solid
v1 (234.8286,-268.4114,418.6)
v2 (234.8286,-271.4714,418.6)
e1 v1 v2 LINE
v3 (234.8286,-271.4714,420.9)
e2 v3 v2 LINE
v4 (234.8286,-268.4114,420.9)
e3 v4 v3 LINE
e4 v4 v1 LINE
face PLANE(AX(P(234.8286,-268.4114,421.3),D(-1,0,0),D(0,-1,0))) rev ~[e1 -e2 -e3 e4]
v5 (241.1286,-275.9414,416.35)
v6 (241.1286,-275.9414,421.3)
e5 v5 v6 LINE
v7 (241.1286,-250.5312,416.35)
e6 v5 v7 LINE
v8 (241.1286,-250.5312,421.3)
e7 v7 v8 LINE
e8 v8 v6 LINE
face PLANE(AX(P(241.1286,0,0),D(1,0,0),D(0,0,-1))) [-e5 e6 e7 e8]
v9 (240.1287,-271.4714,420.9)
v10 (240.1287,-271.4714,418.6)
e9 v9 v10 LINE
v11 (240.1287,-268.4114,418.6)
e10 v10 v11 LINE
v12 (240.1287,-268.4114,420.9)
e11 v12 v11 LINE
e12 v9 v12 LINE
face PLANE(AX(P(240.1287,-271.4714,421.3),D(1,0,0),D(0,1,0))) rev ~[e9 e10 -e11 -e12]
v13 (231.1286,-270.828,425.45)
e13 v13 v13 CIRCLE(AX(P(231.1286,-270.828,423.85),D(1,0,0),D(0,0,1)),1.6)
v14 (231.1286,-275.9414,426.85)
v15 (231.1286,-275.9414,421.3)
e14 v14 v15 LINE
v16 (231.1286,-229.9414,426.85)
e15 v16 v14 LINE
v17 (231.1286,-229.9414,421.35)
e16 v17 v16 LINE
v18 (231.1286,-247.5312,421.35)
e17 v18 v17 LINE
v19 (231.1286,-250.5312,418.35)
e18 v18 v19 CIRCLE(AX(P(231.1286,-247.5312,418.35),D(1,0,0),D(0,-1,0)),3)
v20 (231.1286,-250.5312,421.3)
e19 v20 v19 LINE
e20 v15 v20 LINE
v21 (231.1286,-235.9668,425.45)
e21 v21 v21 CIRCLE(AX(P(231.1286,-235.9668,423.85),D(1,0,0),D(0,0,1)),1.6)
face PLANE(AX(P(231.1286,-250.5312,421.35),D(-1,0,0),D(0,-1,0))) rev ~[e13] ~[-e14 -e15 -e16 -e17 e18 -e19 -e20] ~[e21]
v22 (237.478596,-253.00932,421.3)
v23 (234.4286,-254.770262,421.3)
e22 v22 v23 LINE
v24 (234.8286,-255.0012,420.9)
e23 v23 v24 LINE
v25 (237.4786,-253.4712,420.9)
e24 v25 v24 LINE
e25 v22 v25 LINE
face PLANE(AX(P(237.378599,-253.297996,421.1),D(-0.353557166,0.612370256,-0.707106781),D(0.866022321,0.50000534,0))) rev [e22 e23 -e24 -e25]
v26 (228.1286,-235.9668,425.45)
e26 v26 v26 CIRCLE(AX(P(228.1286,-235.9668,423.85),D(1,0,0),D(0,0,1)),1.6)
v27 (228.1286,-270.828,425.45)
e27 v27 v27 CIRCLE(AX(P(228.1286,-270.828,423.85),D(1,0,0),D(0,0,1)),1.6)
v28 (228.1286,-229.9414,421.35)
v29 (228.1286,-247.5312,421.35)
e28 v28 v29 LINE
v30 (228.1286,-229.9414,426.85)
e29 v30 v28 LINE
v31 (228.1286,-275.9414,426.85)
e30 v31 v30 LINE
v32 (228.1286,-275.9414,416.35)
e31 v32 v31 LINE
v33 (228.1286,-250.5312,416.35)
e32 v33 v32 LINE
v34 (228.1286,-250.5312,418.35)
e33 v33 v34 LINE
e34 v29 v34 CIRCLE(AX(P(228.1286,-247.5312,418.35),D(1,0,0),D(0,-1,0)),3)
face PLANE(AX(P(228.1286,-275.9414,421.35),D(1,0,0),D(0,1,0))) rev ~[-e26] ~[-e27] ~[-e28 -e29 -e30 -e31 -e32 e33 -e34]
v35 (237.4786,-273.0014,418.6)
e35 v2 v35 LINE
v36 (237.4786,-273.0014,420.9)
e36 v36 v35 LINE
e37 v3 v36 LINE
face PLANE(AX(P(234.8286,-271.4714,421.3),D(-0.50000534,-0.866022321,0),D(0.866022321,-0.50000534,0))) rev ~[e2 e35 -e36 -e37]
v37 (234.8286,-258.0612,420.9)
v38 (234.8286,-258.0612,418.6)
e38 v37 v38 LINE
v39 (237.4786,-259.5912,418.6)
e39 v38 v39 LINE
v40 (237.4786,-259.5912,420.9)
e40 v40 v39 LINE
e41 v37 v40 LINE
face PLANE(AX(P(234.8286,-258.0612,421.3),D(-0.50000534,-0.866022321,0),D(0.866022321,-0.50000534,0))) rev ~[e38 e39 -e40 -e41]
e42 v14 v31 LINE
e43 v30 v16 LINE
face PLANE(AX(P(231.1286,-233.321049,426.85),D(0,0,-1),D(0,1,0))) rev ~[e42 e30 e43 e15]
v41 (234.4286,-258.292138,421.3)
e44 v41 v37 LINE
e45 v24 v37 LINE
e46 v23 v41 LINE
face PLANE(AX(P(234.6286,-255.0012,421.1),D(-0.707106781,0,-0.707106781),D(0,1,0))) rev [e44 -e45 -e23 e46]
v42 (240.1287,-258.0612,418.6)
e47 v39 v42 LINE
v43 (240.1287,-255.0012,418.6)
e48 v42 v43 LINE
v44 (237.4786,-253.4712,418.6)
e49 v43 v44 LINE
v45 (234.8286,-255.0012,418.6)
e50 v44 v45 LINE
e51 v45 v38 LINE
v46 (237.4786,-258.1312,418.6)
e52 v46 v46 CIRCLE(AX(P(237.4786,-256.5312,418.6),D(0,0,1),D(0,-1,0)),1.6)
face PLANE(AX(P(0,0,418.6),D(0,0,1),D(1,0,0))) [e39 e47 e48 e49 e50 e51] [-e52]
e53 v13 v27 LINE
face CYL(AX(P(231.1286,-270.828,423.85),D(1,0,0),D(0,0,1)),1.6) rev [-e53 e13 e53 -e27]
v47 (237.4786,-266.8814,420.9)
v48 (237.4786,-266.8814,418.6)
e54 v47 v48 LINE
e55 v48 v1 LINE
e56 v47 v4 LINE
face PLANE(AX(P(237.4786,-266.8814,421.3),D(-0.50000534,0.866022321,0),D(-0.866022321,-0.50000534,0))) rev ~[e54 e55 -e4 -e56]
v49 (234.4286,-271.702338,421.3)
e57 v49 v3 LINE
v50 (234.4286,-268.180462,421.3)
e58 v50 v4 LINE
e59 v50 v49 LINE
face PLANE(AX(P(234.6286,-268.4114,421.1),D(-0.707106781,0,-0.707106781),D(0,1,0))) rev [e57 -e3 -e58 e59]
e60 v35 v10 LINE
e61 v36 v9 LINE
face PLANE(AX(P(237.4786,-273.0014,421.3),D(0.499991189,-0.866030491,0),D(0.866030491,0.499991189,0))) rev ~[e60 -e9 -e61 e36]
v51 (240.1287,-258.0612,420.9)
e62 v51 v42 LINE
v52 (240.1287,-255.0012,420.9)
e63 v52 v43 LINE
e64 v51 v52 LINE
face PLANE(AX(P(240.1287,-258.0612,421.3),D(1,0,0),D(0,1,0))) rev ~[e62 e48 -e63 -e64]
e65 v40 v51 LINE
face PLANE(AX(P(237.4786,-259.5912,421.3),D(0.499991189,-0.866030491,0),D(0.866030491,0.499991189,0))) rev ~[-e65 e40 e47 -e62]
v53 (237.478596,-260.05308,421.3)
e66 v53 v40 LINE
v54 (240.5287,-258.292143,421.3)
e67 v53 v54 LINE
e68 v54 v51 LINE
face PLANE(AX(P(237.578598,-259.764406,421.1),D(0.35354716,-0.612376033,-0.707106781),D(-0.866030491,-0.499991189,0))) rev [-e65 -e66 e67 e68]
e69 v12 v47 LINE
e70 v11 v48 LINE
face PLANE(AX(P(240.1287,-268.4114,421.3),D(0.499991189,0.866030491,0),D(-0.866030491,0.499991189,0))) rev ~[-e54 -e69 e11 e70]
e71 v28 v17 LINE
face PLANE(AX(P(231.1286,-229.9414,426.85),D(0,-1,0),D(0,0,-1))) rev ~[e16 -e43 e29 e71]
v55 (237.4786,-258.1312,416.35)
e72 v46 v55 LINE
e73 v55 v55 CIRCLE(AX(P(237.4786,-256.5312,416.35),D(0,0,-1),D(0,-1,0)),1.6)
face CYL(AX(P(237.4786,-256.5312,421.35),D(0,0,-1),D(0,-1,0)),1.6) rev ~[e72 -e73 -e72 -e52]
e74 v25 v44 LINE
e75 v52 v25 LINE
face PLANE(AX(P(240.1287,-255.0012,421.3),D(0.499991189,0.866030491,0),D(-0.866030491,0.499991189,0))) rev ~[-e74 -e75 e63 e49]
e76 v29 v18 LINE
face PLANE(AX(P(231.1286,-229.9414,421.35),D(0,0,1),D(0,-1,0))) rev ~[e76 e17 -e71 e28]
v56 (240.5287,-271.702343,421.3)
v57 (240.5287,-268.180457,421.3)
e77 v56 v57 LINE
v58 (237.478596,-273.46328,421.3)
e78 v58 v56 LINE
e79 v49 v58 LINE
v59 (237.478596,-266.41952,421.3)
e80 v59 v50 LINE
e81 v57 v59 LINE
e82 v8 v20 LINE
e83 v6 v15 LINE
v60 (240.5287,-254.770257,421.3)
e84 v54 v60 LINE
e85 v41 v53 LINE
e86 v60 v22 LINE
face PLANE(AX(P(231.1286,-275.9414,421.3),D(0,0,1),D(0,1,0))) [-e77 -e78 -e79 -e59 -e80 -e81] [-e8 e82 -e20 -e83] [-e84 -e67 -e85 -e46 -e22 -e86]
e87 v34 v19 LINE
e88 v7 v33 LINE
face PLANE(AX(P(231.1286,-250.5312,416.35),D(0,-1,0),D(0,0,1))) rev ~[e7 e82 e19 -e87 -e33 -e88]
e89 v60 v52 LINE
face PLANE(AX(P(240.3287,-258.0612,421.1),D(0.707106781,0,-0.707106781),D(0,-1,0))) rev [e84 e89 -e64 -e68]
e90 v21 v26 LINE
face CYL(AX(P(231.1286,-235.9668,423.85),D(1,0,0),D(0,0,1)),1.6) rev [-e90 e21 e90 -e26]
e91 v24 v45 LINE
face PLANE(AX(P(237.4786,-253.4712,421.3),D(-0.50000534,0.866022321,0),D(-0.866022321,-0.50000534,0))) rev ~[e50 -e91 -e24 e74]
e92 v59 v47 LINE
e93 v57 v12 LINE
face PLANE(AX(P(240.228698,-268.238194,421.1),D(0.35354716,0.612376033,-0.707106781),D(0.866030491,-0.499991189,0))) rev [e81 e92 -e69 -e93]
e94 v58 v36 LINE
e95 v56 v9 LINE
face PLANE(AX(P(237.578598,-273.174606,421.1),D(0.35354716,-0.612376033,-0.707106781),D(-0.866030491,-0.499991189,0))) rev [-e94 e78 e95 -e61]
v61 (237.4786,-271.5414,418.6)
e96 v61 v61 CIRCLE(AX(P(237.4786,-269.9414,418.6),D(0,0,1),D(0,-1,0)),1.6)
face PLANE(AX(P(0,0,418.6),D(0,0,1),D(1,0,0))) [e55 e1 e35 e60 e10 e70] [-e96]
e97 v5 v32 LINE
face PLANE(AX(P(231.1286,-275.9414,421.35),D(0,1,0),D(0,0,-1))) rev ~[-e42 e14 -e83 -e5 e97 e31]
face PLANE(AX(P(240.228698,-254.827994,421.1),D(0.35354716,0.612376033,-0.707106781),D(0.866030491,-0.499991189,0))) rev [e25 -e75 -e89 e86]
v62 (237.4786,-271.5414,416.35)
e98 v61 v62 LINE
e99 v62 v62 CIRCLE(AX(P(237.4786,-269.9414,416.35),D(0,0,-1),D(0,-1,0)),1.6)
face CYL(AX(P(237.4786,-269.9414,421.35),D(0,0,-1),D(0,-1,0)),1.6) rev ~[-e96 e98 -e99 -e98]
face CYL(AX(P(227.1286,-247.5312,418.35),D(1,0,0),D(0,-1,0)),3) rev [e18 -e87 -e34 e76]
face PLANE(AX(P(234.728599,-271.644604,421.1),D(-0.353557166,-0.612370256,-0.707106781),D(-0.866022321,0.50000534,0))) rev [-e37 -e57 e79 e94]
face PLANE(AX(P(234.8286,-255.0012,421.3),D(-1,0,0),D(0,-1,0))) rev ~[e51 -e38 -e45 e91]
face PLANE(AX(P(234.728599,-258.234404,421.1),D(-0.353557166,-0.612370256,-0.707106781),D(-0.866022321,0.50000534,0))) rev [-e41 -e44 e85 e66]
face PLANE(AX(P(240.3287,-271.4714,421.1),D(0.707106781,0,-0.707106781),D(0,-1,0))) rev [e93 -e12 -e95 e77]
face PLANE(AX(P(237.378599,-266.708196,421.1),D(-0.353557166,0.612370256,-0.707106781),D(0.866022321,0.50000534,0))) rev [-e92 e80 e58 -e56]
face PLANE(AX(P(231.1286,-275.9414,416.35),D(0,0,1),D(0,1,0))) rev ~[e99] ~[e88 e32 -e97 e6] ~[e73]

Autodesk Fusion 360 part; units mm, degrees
sketch "Sketch1" plane through (231.1286, 0, 0) normal (-1, 0, 0) x (0, 0, 1)
  circle A0 centre (423.85, -235.9668) radius 1.5
  circle A1 centre (423.85, -270.828) radius 1.5
  line L0 (421.35, -229.9414) -> (421.35, -275.9414)
  line L1 (421.35, -275.9414) -> (426.85, -275.9414)
  line L2 (426.85, -275.9414) -> (426.85, -229.9414)
  line L3 (426.85, -229.9414) -> (421.35, -229.9414)
  circle A2 centre (423.85, -235.9668) radius 4
  dimension "d22" = 8
extrude "Extrude1" add sketch "Sketch1" along normal blind 4 contours L0 L2 L3 A2 | L0 L2 A2 | L0 L1 L2 A2
sketch "Sketch2" plane through (0, 0, 421.35) normal (0, 0, -1) x (-1, 0, 0)
  line L0 (-231.1286, -229.9414) -> (-231.1286, -275.9414)
  line L1 (-231.1286, -275.9414) -> (-227.1286, -275.9414)
  line L2 (-227.1286, -275.9414) -> (-227.1286, -229.9414)
  line L3 (-227.1286, -229.9414) -> (-231.1286, -229.9414)
  line L4 (-233.6257, -250.5312) -> (-240.5303, -250.5312)
  line L5 (-233.6257, -275.9414) -> (-240.6765, -275.9414)
  line L6 (-231.1286, -275.9414) -> (-227.1286, -275.9414)
  line L7 (-227.1286, -275.9414) -> (-227.1286, -250.5312)
  line L8 (-227.1286, -250.5312) -> (-231.1286, -250.5312)
  line L9 (-231.1286, -250.5312) -> (-231.1286, -275.9414)
extrude "Extrude2" add sketch "Sketch2" along normal blind 5 contours L0 L1 L2 L6 L7 L8 L9
sketch "Sketch3" plane through (231.1286, 0, 0) normal (1, 0, 0) x (0, 0, -1)
  circle A0 centre (-423.85, -235.9668) radius 1.5
  circle A1 centre (-423.85, -270.828) radius 1.5
  line L0 (-421.35, -229.9414) -> (-426.85, -229.9414)
  line L1 (-426.85, -229.9414) -> (-426.85, -275.9414)
  line L2 (-426.85, -275.9414) -> (-416.35, -275.9414)
  line L3 (-416.35, -275.9414) -> (-416.35, -250.5312)
  line L4 (-416.35, -250.5312) -> (-421.35, -250.5312)
  line L5 (-421.35, -250.5312) -> (-421.35, -229.9414)
  line L6 (-421.35, -275.9414) -> (-421.35, -229.9414)
extrude "Extrude3" add sketch "Sketch3" along normal blind 10 contours L2 L3 L4 L6
fillet "Fillet1" radius 3 1 edges at (229.1286, -250.5312, 421.35)
sketch "Sketch4" plane through (0, 0, 421.35) normal (0, 0, 1) x (1, 0, 0)
  line L0 (231.1286, -250.5312) -> (231.1286, -275.9414)
  line L1 (231.1286, -275.9414) -> (241.1286, -275.9414)
  line L2 (241.1286, -275.9414) -> (241.1286, -250.5312)
  line L3 (241.1286, -250.5312) -> (231.1286, -250.5312)
  circle A0 centre (237.4786, -256.5312) radius 1.6
  circle A1 centre (237.4786, -269.9414) radius 1.6
hole "Hole1" at (237.4786, -269.9414, 421.35) at (237.4786, -256.5312, 421.35) direction (0, 0, -1) diameter 3.2 depth 5 tip angle 180
move_face "OffsetFaces1" offset -0.1 1 faces at (228.462, -271.3411, 425.2595)
move_face "OffsetFaces2" offset -0.1 1 faces at (228.462, -237.0915, 422.8575)
move_face "OffsetFaces3" offset -0.05 1 faces at (232.7488, -265.2765, 421.35)
move_face "OffsetFaces4" offset -1 1 faces at (227.1286, -265.5355, 418.3695)
sketch "Sketch5" plane through (0, 0, 421.3) normal (0, 0, 1) x (1, 0, 0)
  circle A0 centre (237.4786, -269.9414) radius 1.6
  circle A1 centre (237.4786, -256.5312) radius 1.6
  line L0 (231.1286, -250.5312) -> (231.1286, -275.9414)
  line L1 (231.1286, -275.9414) -> (241.1286, -275.9414)
  line L2 (241.1286, -275.9414) -> (241.1286, -250.5312)
  line L3 (241.1286, -250.5312) -> (231.1286, -250.5312)
  circle A2 centre (237.4786, -256.5312) radius 1.6
  circle A3 centre (237.4786, -269.9414) radius 1.6
  line L4 (237.4786, -256.5312) -> (237.4786, -269.9414) construction
  line L5 (237.4786, -259.5912) -> (240.1287, -258.0612)
  line L6 (240.1287, -258.0612) -> (240.1287, -255.0012)
  line L7 (240.1287, -255.0012) -> (237.4786, -253.4712)
  line L8 (237.4786, -253.4712) -> (234.8286, -255.0012)
  line L9 (234.8286, -255.0012) -> (234.8286, -258.0612)
  line L10 (234.8286, -258.0612) -> (237.4786, -259.5912)
  line L11 (237.4786, -266.8814) -> (234.8286, -268.4114)
  line L12 (234.8286, -268.4114) -> (234.8286, -271.4714)
  line L13 (234.8286, -271.4714) -> (237.4786, -273.0014)
  line L14 (237.4786, -273.0014) -> (240.1287, -271.4714)
  line L15 (240.1287, -271.4714) -> (240.1287, -268.4114)
  line L16 (240.1287, -268.4114) -> (237.4786, -266.8814)
  dimension "d37" = 3.06
  dimension "d38" = 3.06
extrude "Extrude4" cut sketch "Sketch5" against normal blind 2.7 contours L5 L6 L7 L8 L9 L10 | L11 L12 L13 L14 L15 L16
chamfer "Chamfer1" distance 0.4 angle 45 12 edges at (234.8286, -256.5312, 421.3) (236.1536, -254.2362, 421.3) (238.8037, -254.2362, 421.3) (240.1287, -256.5312, 421.3) (238.8037, -258.8262, 421.3) (236.1536, -258.8262, 421.3) (236.1536, -267.6464, 421.3) (234.8286, -269.9414, 421.3) (236.1536, -272.2364, 421.3) (238.8037, -272.2364, 421.3) (240.1287, -269.9414, 421.3) (238.8037, -267.6464, 421.3)
